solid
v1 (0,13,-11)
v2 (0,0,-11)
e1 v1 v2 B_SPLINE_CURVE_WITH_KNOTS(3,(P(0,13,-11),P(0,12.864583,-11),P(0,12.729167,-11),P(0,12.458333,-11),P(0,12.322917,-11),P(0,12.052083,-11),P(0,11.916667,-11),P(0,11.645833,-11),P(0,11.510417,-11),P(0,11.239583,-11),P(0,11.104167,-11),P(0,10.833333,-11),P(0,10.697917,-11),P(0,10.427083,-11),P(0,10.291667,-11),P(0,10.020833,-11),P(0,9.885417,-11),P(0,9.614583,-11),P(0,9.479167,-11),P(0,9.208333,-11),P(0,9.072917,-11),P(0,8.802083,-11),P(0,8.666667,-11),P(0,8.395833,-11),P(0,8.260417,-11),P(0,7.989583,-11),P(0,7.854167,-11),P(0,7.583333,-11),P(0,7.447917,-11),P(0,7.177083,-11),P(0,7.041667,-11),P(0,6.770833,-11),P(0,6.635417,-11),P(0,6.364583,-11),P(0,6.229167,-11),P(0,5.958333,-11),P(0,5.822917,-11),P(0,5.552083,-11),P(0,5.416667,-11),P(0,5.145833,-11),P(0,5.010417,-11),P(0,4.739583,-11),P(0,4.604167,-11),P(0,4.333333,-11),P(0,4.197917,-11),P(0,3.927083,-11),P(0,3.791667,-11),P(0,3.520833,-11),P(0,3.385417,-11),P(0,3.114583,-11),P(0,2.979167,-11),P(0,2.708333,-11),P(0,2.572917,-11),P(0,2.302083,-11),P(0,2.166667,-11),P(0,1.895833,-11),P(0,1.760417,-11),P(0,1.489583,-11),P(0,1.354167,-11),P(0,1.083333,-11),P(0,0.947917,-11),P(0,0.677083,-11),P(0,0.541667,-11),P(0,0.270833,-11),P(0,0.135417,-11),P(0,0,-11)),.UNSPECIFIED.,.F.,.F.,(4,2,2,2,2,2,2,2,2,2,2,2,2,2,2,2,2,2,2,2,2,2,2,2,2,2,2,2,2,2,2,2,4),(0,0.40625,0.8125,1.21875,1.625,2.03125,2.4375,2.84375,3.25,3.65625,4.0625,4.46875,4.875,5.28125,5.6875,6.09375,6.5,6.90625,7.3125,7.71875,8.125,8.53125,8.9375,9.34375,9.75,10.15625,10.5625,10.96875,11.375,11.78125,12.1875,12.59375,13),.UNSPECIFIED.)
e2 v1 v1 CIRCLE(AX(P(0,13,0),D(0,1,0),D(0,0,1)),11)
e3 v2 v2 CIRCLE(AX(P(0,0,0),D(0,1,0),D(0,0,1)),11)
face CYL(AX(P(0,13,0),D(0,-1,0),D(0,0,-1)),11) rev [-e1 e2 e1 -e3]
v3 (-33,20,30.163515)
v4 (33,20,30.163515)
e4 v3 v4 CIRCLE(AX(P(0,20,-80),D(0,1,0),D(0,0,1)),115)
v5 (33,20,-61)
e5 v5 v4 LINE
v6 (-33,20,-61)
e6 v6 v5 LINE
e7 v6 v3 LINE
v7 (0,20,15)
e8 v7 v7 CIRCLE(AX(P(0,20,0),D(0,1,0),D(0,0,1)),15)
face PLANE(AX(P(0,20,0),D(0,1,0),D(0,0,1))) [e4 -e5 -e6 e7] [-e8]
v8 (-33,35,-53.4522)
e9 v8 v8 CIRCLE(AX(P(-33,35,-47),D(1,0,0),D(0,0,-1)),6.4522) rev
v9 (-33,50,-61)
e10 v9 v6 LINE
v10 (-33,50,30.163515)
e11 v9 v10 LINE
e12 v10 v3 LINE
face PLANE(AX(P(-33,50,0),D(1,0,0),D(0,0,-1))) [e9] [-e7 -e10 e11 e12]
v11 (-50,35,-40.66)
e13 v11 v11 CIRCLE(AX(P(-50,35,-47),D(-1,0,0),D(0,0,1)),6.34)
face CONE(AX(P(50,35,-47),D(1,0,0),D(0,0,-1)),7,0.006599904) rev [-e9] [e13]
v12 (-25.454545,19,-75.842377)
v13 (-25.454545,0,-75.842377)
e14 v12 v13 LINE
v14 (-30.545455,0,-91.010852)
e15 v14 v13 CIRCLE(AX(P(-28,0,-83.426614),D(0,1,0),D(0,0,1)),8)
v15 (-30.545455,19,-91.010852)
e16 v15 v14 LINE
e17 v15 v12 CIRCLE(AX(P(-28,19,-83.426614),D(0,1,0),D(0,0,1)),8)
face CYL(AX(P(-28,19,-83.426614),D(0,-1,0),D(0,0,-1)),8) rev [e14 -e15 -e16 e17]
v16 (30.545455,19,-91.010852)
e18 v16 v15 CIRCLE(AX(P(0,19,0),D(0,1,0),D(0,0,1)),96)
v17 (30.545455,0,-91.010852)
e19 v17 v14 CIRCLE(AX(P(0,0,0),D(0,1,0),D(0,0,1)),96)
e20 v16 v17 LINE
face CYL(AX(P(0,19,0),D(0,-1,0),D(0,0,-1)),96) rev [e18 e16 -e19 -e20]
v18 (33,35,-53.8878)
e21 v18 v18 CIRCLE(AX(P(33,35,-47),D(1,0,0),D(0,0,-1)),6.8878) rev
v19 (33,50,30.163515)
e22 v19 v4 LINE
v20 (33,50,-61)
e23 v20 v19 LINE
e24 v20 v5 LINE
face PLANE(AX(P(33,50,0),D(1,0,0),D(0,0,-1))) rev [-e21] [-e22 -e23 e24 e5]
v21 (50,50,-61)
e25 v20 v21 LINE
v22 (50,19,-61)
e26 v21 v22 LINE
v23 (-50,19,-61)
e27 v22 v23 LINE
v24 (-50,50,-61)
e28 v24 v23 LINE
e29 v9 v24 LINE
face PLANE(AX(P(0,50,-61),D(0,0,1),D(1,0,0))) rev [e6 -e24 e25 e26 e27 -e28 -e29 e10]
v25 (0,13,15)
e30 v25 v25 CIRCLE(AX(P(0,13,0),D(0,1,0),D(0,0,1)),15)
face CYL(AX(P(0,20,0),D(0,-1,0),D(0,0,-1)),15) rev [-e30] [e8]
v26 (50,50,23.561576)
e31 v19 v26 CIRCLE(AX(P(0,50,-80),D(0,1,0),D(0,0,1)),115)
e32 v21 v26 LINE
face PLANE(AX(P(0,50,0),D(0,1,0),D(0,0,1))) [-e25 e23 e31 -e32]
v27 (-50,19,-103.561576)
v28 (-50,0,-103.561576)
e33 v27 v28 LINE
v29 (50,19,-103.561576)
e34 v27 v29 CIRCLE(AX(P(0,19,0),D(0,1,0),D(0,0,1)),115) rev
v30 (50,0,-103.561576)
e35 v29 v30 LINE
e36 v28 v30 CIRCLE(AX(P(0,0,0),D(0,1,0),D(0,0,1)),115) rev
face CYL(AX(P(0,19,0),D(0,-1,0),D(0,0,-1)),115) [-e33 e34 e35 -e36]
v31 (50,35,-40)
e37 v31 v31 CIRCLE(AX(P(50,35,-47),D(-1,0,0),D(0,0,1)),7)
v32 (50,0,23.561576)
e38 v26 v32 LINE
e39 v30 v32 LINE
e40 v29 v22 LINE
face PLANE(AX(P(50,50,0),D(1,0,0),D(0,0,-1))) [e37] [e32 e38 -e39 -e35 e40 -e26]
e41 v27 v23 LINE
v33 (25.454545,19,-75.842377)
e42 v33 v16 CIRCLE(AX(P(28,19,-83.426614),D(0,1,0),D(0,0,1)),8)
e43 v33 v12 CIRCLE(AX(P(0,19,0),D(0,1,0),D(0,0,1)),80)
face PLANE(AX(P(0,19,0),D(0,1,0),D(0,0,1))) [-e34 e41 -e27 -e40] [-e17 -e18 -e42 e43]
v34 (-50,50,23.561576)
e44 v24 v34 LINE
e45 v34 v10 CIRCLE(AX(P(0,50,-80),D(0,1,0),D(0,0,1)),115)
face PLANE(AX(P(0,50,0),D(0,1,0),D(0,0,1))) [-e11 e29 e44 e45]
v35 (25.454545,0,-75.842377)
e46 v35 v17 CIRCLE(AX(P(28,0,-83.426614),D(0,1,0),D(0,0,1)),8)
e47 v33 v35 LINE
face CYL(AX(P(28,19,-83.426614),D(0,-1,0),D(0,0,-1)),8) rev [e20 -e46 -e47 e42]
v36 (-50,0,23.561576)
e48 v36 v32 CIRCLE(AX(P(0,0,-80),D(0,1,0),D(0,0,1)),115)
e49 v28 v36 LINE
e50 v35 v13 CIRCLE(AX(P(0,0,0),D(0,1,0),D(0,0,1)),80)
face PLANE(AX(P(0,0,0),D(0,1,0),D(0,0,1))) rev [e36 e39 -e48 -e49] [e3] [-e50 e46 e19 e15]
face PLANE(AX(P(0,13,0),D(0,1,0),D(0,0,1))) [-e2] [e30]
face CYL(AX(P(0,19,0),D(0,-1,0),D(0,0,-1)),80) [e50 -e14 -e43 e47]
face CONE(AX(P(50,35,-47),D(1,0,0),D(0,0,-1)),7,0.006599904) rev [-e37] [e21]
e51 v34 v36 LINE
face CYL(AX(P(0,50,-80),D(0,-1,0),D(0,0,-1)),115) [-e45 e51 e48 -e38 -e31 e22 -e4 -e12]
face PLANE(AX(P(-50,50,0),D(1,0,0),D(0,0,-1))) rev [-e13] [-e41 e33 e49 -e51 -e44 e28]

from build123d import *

# Parameters (mm, degrees)
BOSS_EXTRUDE1_DEPTH   = 50
BOSS_EXTRUDE1_2_DEPTH = 50
SKETCH1_3_R           = 15
BOSS_EXTRUDE2_DEPTH   = 20
BOSS_EXTRUDE3_DEPTH   = 19
SKETCH1_5_R           = 15
SKETCH1_5_R_2         = 11
BOSS_EXTRUDE4_DEPTH   = 13


with BuildPart() as part:
    # Sketch1 → Boss-Extrude1 (new body)
    with BuildSketch(Plane(origin=(0, 0, 0), x_dir=(1, 0, 0), z_dir=(0, 1, 0))):
        with BuildLine():
            Line((-33, 61), (-50, 61))
            Line((-50, 61), (-50, -23.561575886))
            ThreePointArc((-50, -23.561575886), (-41.631074926, -27.200063435), (-33, -30.163514831))
            Line((-33, -30.163514831), (-33, 61))
        make_face()
    extrude(amount=BOSS_EXTRUDE1_DEPTH)



with BuildPart() as body_2:
    # Sketch1 → Boss-Extrude1 2 (new body)
    with BuildSketch(Plane(origin=(0, 0, 0), x_dir=(1, 0, 0), z_dir=(0, 1, 0))):
        with BuildLine():
            Line((50, -23.561575886), (50, 61))
            Line((50, 61), (33, 61))
            Line((33, 61), (33, -30.163514831))
            ThreePointArc((33, -30.163514831), (41.631074926, -27.200063435), (50, -23.561575886))
        make_face()
    extrude(amount=BOSS_EXTRUDE1_2_DEPTH)


with BuildPart() as part_1:
    add(part.part)

    add(body_2.part)  # Boss-Extrude2 merges body 2
    # Sketch1<3> → Boss-Extrude2 (add)
    with BuildSketch(Plane(origin=(0, 0, 0), x_dir=(1, 0, 0), z_dir=(0, 1, 0))):
        with BuildLine():
            Line((33, 61), (-33, 61))
            Line((-33, 61), (-33, -30.163514831))
            ThreePointArc((-33, -30.163514831), (0, -35), (33, -30.163514831))
            Line((33, -30.163514831), (33, 61))
        make_face()
        Circle(SKETCH1_3_R, mode=Mode.SUBTRACT)
    extrude(amount=BOSS_EXTRUDE2_DEPTH)

    # Sketch1<4> → Boss-Extrude3 (add)
    with BuildSketch(Plane(origin=(0, 0, 0), x_dir=(1, 0, 0), z_dir=(0, 1, 0))):
        with BuildLine():
            ThreePointArc((50, 103.561575886), (0, 115), (-50, 103.561575886))
            Line((-50, 103.561575886), (-50, 61))
            Line((-50, 61), (-33, 61))
            Line((-33, 61), (33, 61))
            Line((33, 61), (50, 61))
            Line((50, 61), (50, 103.561575886))
        make_face()
        with BuildLine():
            ThreePointArc((-30.545454545, 91.010852136), (0, 96), (30.545454545, 91.010852136))
            ThreePointArc((30.545454545, 91.010852136), (35.584237678, 80.881159913), (25.454545455, 75.84237678))
            ThreePointArc((25.454545455, 75.84237678), (0, 80), (-25.454545455, 75.84237678))
            ThreePointArc((-25.454545455, 75.84237678), (-35.584237678, 80.881159913), (-30.545454545, 91.010852136))
        make_face(mode=Mode.SUBTRACT)
    extrude(amount=BOSS_EXTRUDE3_DEPTH)

    # Sketch1<5> → Boss-Extrude4 (add)
    with BuildSketch(Plane(origin=(0, 0, 0), x_dir=(1, 0, 0), z_dir=(0, 1, 0))):
        Circle(SKETCH1_5_R)
        Circle(SKETCH1_5_R_2, mode=Mode.SUBTRACT)
    extrude(amount=BOSS_EXTRUDE4_DEPTH)

    # Sketch3 → Cut-Revolve1 (revolve, cut)
    with BuildSketch(Plane(origin=(0, 35, 0), x_dir=(1, 0, 0), z_dir=(0, 1, 0))):
        Polygon((-50, 53.34), (50, 54), (50, 47), (-50, 47), align=None)
    revolve(axis=Axis((-50, 35, -47), (1, 0, 0)), mode=Mode.SUBTRACT)


solid = part_1.part
